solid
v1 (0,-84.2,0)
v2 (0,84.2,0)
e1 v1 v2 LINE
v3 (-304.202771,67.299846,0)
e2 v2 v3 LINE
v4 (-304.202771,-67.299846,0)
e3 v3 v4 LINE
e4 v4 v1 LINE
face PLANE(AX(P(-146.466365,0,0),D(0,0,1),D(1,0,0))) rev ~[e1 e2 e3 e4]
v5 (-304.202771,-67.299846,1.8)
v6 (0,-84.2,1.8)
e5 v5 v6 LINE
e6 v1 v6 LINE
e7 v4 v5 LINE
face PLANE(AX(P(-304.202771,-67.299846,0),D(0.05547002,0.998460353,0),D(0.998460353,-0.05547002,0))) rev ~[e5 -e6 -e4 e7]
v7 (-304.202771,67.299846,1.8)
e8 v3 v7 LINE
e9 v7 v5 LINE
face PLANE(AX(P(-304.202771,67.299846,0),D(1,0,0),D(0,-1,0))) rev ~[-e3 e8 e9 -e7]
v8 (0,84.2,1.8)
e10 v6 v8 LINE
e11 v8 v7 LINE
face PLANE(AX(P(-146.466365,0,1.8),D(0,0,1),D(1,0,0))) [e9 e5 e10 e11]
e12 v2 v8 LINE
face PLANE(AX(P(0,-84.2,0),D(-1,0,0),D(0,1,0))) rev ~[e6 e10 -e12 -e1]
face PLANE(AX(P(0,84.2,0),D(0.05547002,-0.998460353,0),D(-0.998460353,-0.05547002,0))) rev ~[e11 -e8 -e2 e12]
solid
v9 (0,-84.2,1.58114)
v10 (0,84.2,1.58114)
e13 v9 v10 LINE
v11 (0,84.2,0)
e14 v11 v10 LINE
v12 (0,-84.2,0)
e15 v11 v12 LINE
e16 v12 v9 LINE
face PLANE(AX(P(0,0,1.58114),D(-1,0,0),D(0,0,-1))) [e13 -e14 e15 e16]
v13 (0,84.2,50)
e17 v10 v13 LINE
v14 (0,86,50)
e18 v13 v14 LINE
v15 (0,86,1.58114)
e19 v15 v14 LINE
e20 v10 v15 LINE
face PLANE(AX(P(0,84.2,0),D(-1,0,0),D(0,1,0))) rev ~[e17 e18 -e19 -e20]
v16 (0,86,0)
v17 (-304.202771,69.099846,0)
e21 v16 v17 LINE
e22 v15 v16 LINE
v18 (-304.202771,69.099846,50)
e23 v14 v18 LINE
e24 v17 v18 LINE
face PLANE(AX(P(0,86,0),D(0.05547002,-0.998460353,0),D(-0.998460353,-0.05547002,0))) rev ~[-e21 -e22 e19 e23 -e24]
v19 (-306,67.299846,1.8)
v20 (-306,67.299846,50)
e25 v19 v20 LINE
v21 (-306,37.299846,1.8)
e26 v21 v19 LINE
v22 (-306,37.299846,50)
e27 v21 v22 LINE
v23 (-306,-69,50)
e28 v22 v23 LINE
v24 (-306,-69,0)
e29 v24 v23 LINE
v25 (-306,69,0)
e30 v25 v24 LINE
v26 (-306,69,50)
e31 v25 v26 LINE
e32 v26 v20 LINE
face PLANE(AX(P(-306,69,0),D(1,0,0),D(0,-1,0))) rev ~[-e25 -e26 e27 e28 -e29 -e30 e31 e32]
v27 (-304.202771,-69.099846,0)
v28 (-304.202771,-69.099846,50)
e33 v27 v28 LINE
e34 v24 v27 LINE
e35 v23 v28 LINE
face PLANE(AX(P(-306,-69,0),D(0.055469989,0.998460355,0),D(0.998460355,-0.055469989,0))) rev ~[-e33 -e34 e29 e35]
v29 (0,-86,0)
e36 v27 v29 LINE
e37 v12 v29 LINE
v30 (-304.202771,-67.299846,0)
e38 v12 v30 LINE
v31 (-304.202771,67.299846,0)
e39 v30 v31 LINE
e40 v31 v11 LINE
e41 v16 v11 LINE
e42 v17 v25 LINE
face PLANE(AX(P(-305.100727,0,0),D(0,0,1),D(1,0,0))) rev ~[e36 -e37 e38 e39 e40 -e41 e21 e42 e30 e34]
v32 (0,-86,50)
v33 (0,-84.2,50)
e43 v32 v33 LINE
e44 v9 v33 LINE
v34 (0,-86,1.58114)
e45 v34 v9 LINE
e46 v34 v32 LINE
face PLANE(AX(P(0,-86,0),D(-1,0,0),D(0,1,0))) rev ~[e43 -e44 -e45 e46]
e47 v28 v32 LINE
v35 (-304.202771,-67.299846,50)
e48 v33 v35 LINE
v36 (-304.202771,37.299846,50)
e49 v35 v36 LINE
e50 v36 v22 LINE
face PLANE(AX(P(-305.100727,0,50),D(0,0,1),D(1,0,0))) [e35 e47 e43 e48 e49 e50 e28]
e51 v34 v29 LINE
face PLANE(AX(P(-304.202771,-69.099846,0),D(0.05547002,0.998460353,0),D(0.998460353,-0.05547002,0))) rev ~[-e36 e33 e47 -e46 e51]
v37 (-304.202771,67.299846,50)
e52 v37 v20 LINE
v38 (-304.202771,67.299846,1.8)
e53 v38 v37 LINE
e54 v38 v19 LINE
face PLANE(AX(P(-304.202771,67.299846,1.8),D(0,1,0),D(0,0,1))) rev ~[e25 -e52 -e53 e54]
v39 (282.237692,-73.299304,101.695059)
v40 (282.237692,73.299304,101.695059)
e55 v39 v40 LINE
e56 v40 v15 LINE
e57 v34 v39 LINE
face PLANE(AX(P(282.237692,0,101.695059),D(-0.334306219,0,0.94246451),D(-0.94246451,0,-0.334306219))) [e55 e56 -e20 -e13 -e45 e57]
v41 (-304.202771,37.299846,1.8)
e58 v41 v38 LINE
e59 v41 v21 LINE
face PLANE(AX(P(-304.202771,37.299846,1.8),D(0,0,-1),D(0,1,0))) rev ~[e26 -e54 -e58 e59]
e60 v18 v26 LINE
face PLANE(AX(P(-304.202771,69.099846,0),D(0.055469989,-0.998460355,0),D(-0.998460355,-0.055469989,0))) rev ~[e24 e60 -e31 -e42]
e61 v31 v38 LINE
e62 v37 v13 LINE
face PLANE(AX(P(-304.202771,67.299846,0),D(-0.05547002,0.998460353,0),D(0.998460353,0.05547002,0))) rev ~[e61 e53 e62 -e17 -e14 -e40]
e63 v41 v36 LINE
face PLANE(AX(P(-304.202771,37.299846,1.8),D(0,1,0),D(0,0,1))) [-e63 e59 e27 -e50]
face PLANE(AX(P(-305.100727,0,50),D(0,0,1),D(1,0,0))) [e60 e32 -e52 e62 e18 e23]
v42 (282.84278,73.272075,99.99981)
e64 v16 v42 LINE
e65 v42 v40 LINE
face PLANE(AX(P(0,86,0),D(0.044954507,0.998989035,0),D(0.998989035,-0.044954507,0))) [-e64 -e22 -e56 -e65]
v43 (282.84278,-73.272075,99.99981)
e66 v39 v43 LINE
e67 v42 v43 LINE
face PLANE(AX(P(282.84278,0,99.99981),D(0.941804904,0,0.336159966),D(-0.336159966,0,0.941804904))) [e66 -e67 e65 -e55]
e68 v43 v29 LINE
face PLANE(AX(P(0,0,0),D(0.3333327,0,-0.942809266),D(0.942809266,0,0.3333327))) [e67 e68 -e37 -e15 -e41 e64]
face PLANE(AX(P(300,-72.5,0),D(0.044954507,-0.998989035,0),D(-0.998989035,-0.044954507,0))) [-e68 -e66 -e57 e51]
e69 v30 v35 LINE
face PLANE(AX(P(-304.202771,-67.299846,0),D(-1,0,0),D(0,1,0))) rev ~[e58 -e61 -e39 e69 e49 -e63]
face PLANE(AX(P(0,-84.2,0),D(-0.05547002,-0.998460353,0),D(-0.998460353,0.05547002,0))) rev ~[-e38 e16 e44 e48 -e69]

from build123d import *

# Parameters (mm, degrees)
F2_DEPTH = 86
F3_DEPTH = 121
F4_DEPTH = 50
F5_DEPTH = 1.8
F6_W     = 30
F6_H     = 48.2
F7_DEPTH = 25


with BuildPart() as f2:
    # F1 (on Front) → F2 (new body, symmetric)
    with BuildSketch(Plane.XZ):
        Polygon((0, 1.58114), (0, 0), (282.84278, 99.99981), (282.237692, 101.695059), align=None)
    extrude(amount=F2_DEPTH, both=True)

    # F0 (on Top) → F3 (cut)
    with BuildSketch(Plane.XY):
        Polygon((300, -72.5), (0, -86), (300, -86), align=None)
        Polygon((300, 86), (0, 86), (300, 72.5), align=None)
    extrude(amount=F3_DEPTH, mode=Mode.SUBTRACT)

    # F0 (on Top) → F4 (join)
    with BuildSketch(Plane.XY):
        Polygon((-306, 67.2), (-306, 0), (-306, -67.2), (-304.202771, -67.299846), (-304.202771, 67.299846), align=None)
        Polygon((0, -84.2), (-304.202771, -67.299846), (-304.202771, -69.099846), (0, -86), align=None)
        Polygon((-304.202771, 69.099846), (-304.202771, 67.299846), (0, 84.2), (0, 86), align=None)
        Polygon((-304.202771, -67.299846), (-306, -67.2), (-306, -69), (-304.202771, -69.099846), align=None)
        Polygon((-306, 69), (-306, 67.2), (-304.202771, 67.299846), (-304.202771, 69.099846), align=None)
    extrude(amount=F4_DEPTH)

    # F6 (on face) → F7 (cut)
    with BuildSketch(Plane.YZ.offset(-304.202771)):
        with Locations((52.299846, 25.9)):
            Rectangle(F6_W, F6_H)
    extrude(amount=-F7_DEPTH, mode=Mode.SUBTRACT)


with BuildPart() as f5:
    # F0 (on Top) → F5 (new body)
    with BuildSketch(Plane.XY):
        Polygon((-304.202771, 67.299846), (-304.202771, -67.299846), (0, -84.2), (0, 84.2), align=None)
    extrude(amount=F5_DEPTH)


solid = Compound([f2.part, f5.part])
